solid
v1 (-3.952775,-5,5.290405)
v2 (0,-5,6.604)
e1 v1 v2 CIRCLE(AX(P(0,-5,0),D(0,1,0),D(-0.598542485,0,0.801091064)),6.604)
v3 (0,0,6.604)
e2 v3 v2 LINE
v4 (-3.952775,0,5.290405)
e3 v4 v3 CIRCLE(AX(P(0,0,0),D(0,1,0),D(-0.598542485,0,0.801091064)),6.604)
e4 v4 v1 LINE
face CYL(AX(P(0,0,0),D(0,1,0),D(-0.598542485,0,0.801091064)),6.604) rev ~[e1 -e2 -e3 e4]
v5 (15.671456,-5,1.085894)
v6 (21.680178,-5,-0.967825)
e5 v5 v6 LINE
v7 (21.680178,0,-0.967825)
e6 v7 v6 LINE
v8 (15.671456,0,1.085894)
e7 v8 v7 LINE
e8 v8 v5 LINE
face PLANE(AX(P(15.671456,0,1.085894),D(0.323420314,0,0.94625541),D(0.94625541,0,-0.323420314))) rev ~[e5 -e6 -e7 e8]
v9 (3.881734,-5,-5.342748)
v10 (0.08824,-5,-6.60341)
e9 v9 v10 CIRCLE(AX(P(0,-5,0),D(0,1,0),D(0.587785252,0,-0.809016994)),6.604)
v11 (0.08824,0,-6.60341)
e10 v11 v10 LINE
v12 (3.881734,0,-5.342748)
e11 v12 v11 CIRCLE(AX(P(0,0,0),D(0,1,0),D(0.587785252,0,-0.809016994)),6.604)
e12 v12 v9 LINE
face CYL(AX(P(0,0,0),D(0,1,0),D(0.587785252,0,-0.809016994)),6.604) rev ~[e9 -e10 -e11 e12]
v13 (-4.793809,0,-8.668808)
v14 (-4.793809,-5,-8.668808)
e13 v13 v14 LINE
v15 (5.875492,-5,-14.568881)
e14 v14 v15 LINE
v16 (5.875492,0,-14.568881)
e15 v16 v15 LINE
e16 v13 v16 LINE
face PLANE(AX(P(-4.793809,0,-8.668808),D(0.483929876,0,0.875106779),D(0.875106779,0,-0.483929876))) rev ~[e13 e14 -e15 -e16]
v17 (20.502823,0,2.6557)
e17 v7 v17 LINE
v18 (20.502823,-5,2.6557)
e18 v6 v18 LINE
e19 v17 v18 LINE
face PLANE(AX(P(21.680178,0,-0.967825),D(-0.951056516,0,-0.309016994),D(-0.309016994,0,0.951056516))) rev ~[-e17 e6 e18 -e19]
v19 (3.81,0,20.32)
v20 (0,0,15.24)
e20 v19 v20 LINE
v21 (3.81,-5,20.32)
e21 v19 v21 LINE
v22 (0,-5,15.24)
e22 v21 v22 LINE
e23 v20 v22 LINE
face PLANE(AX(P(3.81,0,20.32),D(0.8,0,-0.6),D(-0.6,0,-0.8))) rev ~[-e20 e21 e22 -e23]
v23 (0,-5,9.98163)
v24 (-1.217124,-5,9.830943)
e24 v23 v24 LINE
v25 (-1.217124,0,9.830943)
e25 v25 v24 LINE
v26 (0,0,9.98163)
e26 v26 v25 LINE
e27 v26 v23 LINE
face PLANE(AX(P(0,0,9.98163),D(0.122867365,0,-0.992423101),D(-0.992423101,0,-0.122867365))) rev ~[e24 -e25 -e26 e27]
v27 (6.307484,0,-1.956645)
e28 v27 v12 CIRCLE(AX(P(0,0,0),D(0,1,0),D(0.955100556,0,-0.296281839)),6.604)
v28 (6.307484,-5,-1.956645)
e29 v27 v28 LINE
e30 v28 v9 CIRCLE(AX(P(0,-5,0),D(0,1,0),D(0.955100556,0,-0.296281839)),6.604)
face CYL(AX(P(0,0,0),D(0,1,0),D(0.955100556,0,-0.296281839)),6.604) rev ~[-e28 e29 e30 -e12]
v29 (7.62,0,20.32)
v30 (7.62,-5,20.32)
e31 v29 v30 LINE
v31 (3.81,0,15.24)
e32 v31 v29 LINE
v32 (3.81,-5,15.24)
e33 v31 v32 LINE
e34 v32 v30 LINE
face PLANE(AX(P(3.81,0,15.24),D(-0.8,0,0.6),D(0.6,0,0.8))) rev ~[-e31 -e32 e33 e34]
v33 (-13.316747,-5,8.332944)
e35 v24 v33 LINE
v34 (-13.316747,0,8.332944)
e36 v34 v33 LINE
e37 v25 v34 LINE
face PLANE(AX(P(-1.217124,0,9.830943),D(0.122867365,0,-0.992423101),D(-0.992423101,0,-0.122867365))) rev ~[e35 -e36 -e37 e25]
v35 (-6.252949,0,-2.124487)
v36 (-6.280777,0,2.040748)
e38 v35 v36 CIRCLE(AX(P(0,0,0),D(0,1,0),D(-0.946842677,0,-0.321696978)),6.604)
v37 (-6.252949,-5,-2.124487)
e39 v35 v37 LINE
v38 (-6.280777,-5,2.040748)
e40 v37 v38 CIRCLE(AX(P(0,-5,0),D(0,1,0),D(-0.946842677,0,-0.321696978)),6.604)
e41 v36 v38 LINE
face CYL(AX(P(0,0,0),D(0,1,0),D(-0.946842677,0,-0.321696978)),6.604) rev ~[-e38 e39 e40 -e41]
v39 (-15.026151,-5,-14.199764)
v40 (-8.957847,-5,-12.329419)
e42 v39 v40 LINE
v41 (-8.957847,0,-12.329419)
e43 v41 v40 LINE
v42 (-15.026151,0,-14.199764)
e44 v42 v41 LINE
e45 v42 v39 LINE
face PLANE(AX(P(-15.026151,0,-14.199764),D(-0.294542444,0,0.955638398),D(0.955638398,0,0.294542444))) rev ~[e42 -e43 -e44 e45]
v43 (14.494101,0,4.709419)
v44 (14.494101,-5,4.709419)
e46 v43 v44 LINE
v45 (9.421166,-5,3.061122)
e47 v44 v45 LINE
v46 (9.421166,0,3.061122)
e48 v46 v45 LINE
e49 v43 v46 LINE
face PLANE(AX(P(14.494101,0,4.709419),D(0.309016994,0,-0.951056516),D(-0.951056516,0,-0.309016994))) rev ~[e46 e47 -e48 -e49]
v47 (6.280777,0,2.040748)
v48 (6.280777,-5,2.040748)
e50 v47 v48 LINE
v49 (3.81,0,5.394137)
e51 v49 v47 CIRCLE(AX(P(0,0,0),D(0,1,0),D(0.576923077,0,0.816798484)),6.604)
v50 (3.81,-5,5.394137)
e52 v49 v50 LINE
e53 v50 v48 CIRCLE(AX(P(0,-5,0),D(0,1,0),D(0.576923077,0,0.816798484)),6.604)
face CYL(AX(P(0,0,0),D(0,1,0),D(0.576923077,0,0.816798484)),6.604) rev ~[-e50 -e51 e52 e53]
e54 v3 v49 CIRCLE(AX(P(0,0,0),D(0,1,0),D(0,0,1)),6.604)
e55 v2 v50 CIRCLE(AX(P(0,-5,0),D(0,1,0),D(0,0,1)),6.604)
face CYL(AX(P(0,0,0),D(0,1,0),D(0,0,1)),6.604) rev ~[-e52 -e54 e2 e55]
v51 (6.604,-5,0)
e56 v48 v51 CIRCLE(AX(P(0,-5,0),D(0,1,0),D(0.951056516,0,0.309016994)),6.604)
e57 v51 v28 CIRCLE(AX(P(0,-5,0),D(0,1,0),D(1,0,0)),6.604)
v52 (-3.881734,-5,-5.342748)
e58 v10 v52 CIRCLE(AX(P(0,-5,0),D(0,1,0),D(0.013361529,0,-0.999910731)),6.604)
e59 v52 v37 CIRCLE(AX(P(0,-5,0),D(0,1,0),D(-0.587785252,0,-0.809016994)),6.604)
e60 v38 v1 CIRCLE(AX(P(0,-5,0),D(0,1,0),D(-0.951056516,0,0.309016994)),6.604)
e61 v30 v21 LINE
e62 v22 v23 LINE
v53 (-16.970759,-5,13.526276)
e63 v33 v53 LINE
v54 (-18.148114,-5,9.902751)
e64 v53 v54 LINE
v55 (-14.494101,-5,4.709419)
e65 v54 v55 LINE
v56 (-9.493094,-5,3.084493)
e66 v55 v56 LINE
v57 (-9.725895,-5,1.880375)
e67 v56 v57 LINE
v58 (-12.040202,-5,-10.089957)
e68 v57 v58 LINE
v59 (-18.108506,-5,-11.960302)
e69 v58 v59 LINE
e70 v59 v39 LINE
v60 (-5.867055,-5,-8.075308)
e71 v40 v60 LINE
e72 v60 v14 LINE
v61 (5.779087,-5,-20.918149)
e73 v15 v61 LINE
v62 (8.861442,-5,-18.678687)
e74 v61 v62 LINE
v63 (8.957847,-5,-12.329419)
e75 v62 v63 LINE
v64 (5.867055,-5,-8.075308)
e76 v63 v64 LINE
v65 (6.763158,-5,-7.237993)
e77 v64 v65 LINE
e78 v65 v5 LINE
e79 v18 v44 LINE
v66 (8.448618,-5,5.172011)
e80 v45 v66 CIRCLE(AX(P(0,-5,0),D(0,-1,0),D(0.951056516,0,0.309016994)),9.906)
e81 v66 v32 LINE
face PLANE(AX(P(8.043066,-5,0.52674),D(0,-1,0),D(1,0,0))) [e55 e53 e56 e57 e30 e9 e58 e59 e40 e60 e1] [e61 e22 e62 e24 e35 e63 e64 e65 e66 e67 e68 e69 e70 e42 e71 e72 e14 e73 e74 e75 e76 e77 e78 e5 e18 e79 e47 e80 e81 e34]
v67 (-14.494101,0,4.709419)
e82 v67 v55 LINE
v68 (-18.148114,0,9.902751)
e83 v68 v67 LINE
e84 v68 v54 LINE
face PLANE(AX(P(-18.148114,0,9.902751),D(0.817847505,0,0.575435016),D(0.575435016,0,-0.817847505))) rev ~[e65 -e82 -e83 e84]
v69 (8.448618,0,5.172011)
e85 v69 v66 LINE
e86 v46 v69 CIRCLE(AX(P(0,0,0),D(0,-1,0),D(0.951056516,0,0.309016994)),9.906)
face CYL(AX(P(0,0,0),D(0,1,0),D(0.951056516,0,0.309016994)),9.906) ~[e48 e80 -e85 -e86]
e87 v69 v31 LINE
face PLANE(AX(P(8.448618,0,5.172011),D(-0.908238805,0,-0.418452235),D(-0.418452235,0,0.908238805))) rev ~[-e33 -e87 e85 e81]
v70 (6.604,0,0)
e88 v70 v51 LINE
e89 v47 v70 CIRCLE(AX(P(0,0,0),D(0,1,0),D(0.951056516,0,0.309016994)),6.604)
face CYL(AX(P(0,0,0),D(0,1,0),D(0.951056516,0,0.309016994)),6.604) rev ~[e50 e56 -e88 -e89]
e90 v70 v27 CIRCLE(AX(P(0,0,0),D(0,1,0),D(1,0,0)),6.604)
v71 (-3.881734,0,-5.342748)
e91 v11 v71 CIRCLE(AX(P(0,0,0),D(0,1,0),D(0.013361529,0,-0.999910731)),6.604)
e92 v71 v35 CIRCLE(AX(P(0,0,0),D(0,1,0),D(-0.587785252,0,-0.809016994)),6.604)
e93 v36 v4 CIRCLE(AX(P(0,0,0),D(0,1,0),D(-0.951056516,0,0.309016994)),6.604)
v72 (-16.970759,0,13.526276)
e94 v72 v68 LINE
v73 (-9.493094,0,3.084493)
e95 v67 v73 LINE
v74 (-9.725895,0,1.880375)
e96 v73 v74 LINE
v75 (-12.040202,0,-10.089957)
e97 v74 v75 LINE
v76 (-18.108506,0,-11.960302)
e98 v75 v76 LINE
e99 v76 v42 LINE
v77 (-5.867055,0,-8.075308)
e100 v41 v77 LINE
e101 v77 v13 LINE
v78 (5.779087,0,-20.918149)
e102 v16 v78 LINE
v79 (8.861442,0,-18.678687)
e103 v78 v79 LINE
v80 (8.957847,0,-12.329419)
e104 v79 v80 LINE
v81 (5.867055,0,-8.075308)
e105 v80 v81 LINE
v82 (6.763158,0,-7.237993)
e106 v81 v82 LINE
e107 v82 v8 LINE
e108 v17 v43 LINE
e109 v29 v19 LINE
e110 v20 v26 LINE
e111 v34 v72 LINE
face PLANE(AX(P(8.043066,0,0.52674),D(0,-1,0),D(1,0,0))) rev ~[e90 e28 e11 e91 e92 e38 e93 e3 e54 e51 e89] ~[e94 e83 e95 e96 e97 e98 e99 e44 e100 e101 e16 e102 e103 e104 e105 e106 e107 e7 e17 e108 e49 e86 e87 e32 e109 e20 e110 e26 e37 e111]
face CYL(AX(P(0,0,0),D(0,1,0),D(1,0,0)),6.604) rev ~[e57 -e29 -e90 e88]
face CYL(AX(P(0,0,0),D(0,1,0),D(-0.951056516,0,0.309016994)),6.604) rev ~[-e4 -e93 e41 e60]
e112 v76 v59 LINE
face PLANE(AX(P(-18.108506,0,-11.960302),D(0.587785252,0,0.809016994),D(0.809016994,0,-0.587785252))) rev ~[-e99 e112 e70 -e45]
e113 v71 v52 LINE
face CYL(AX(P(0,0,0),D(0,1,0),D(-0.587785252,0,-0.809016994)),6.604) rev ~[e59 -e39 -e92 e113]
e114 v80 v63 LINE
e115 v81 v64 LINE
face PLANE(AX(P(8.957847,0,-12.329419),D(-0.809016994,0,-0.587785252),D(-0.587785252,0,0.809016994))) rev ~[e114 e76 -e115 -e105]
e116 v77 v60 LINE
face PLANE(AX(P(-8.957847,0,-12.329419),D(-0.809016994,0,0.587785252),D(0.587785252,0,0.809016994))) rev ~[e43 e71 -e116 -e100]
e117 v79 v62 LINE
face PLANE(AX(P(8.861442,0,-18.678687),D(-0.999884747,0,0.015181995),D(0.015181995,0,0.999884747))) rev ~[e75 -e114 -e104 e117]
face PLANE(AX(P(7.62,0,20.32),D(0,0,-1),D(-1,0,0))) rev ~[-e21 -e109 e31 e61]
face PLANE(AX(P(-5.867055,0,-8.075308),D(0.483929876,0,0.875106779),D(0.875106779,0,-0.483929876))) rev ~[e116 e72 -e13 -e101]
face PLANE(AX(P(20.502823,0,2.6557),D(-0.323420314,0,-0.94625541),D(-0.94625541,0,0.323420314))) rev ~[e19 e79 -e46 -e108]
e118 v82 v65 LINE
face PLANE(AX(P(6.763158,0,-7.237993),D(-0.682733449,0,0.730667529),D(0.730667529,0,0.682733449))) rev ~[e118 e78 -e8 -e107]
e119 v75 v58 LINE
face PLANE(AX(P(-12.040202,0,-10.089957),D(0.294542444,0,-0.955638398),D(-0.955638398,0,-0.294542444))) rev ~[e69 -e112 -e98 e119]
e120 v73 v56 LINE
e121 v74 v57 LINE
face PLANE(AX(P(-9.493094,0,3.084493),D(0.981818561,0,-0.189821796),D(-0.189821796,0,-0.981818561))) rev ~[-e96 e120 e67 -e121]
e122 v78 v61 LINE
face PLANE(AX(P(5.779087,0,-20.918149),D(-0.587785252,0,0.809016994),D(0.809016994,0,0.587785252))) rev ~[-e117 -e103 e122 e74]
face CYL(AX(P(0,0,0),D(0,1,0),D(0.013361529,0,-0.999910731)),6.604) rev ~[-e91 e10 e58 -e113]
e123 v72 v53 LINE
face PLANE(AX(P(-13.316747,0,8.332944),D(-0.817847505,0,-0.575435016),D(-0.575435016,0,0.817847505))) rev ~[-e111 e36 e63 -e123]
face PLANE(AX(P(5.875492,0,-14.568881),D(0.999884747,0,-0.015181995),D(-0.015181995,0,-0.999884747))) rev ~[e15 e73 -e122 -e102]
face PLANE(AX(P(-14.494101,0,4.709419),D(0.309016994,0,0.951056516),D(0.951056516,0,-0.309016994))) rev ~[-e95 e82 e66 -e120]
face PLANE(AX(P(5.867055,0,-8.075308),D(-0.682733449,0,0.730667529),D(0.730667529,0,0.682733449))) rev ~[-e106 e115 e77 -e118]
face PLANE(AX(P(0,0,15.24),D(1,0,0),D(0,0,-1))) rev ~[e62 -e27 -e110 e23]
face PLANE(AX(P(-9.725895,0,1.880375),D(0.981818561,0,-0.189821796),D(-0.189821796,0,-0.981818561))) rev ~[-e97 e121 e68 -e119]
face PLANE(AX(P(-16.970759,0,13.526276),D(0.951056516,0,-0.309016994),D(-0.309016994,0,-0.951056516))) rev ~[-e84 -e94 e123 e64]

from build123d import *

# Parameters (mm, degrees)
F1_DEPTH = 5


with BuildPart() as f1:
    # F0 (on Front) → F1 (new body)
    with BuildSketch(Plane.XZ):
        with BuildLine():
            ThreePointArc((6.2807772336, 2.0407482309), (6.5226938013, 1.0330932071), (6.604, 0))
            ThreePointArc((6.604, 0), (6.5294502373, -0.9894925964), (6.3074840707, -1.9566452661))
            Line((6.3074840707, -1.9566452661), (9.8738155336, -0.7978739305))
            ThreePointArc((9.8738155336, -0.7978739305), (9.897950613, -0.3992613959), (9.906, 0))
            ThreePointArc((9.906, 0), (9.7840407019, 1.5496398107), (9.4211658504, 3.0611223463))
            Line((9.4211658504, 3.0611223463), (6.2807772336, 2.0407482309))
        make_face()
        with BuildLine():
            ThreePointArc((3.81, 5.3941371877), (5.3166954651, 3.9173416154), (6.2807772336, 2.0407482309))
            Line((6.2807772336, 2.0407482309), (9.4211658504, 3.0611223463))
            Line((9.4211658504, 3.0611223463), (8.4486177468, 5.1720106505))
            ThreePointArc((8.4486177468, 5.1720106505), (6.4430274028, 7.5243759799), (3.81, 9.144))
            Line((3.81, 9.144), (3.81, 5.3941371877))
        make_face()
        with BuildLine():
            Line((9.8738155336, -0.7978739305), (6.3074840707, -1.9566452661))
            ThreePointArc((6.3074840707, -1.9566452661), (5.3685625225, -3.8459527353), (3.8817338061, -5.3427482309))
            Line((3.8817338061, -5.3427482309), (5.8226007092, -8.0141223463))
            ThreePointArc((5.8226007092, -8.0141223463), (6.3048332162, -7.6405440981), (6.763157516, -7.2379925679))
            ThreePointArc((6.763157516, -7.2379925679), (8.9199775829, -4.3084609689), (9.8738155336, -0.7978739305))
        make_face()
        with BuildLine():
            Line((14.4941013083, 4.7094189943), (9.4211658504, 3.0611223463))
            ThreePointArc((9.4211658504, 3.0611223463), (9.7840407019, 1.5496398107), (9.906, 0))
            ThreePointArc((9.906, 0), (9.897950613, -0.3992613959), (9.8738155336, -0.7978739305))
            Line((9.8738155336, -0.7978739305), (15.6714560569, 1.0858936672))
            Line((15.6714560569, 1.0858936672), (14.4941013083, 4.7094189943))
        make_face()
        with BuildLine():
            Line((8.4486177468, 5.1720106505), (9.4211658504, 3.0611223463))
            ThreePointArc((9.4211658504, 3.0611223463), (8.9970136051, 4.1451878352), (8.4486177468, 5.1720106505))
        make_face()
        with BuildLine():
            Line((15.6714560569, 1.0858936672), (9.8738155336, -0.7978739305))
            ThreePointArc((9.8738155336, -0.7978739305), (8.9199775829, -4.3084609689), (6.763157516, -7.2379925679))
            Line((6.763157516, -7.2379925679), (15.6714560569, 1.0858936672))
        make_face()
        with BuildLine():
            ThreePointArc((-3.9527745736, 5.2904053881), (-2.0826640172, 6.2670029992), (0, 6.604))
            Line((0, 6.604), (0, 9.906))
            ThreePointArc((0, 9.906), (-0.6097179629, 9.8872180114), (-1.2171238492, 9.8309432679))
            ThreePointArc((-1.2171238492, 9.8309432679), (-4.6839635346, 8.7286494721), (-7.5191060364, 6.4491767236))
            Line((-7.5191060364, 6.4491767236), (-3.9527745736, 5.2904053881))
        make_face()
        with BuildLine():
            Line((3.81, 15.24), (3.81, 9.144))
            ThreePointArc((3.81, 9.144), (6.4430274028, 7.5243759799), (8.4486177468, 5.1720106505))
            Line((8.4486177468, 5.1720106505), (3.81, 15.24))
        make_face()
        with BuildLine():
            ThreePointArc((0, 9.906), (1.9427264347, 9.7136321734), (3.81, 9.144))
            Line((3.81, 9.144), (3.81, 15.24))
            Line((3.81, 15.24), (0, 15.24))
            Line((0, 15.24), (0, 9.9816298047))
            Line((0, 9.9816298047), (0, 9.906))
        make_face()
        Polygon((20.5028231597, 2.6556999986), (14.4941013083, 4.7094189943), (15.6714560569, 1.0858936672), (21.6801779083, -0.9678253285), align=None)
        with BuildLine():
            Line((2.2923535984, -9.6371132078), (0.0882395392, -6.6034104661))
            ThreePointArc((0.0882395392, -6.6034104661), (-1.9987413555, -6.2942711249), (-3.8817338061, -5.3427482309))
            Line((-3.8817338061, -5.3427482309), (-5.8226007092, -8.0141223463))
            ThreePointArc((-5.8226007092, -8.0141223463), (-5.3182886736, -8.3573106669), (-4.793809454, -8.6688076988))
            ThreePointArc((-4.793809454, -8.6688076988), (-1.3411652542, -9.8147904593), (2.2923535984, -9.6371132078))
        make_face()
        with BuildLine():
            Line((5.8670547931, -8.0753081436), (5.8226007092, -8.0141223463))
            ThreePointArc((5.8226007092, -8.0141223463), (4.1378310366, -9.0003994529), (2.2923535984, -9.6371132078))
            Line((2.2923535984, -9.6371132078), (5.8754924964, -14.5688808055))
            Line((5.8754924964, -14.5688808055), (8.9578472449, -12.3294189943))
            Line((8.9578472449, -12.3294189943), (5.8670547931, -8.0753081436))
        make_face()
        with BuildLine():
            ThreePointArc((6.763157516, -7.2379925679), (6.3048332162, -7.6405440981), (5.8226007092, -8.0141223463))
            Line((5.8226007092, -8.0141223463), (5.8670547931, -8.0753081436))
            Line((5.8670547931, -8.0753081436), (6.763157516, -7.2379925679))
        make_face()
        with BuildLine():
            ThreePointArc((-1.2171238492, 9.8309432679), (-0.6097179629, 9.8872180114), (0, 9.906))
            Line((0, 9.906), (0, 9.9816298047))
            Line((0, 9.9816298047), (-1.2171238492, 9.8309432679))
        make_face()
        Polygon((3.81, 20.32), (3.81, 15.24), (7.62, 20.32), align=None)
        Polygon((0, 15.24), (3.81, 15.24), (3.81, 20.32), align=None)
        with BuildLine():
            Line((5.8754924964, -14.5688808055), (2.2923535984, -9.6371132078))
            ThreePointArc((2.2923535984, -9.6371132078), (-1.3411652542, -9.8147904593), (-4.793809454, -8.6688076988))
            Line((-4.793809454, -8.6688076988), (5.8754924964, -14.5688808055))
        make_face()
        with BuildLine():
            ThreePointArc((-6.2529490364, -2.1244868436), (-6.6038526149, -0.0441207543), (-6.2807772336, 2.0407482309))
            Line((-6.2807772336, 2.0407482309), (-9.4211658504, 3.0611223463))
            ThreePointArc((-9.4211658504, 3.0611223463), (-9.5917163846, 2.47544194), (-9.7258946926, 1.8803745449))
            ThreePointArc((-9.7258946926, 1.8803745449), (-9.7488632535, -1.7574132312), (-8.4570630955, -5.1581895853))
            Line((-8.4570630955, -5.1581895853), (-6.2529490364, -2.1244868436))
        make_face()
        with BuildLine():
            Line((-13.3167465598, 8.3329443214), (-7.5191060364, 6.4491767236))
            ThreePointArc((-7.5191060364, 6.4491767236), (-4.6839635346, 8.7286494721), (-1.2171238492, 9.8309432679))
            Line((-1.2171238492, 9.8309432679), (-13.3167465598, 8.3329443214))
        make_face()
        with BuildLine():
            ThreePointArc((-9.4211658504, 3.0611223463), (-8.6378776917, 4.8493200538), (-7.5191060364, 6.4491767236))
            Line((-7.5191060364, 6.4491767236), (-13.3167465598, 8.3329443214))
            Line((-13.3167465598, 8.3329443214), (-14.4941013083, 4.7094189943))
            Line((-14.4941013083, 4.7094189943), (-9.493094069, 3.0844932412))
            Line((-9.493094069, 3.0844932412), (-9.4211658504, 3.0611223463))
        make_face()
        with BuildLine():
            Line((-5.8670547931, -8.0753081436), (-5.8226007092, -8.0141223463))
            ThreePointArc((-5.8226007092, -8.0141223463), (-7.2812284388, -6.7165875578), (-8.4570630955, -5.1581895853))
            Line((-8.4570630955, -5.1581895853), (-12.0402019935, -10.089957183))
            Line((-12.0402019935, -10.089957183), (-8.9578472449, -12.3294189943))
            Line((-8.9578472449, -12.3294189943), (-5.8670547931, -8.0753081436))
        make_face()
        with BuildLine():
            ThreePointArc((-4.793809454, -8.6688076988), (-5.3182886736, -8.3573106669), (-5.8226007092, -8.0141223463))
            Line((-5.8226007092, -8.0141223463), (-5.8670547931, -8.0753081436))
            Line((-5.8670547931, -8.0753081436), (-4.793809454, -8.6688076988))
        make_face()
        Polygon((8.9578472449, -12.3294189943), (5.8754924964, -14.5688808055), (5.7790868294, -20.9181489482), (8.861441578, -18.6786871369), align=None)
        with BuildLine():
            ThreePointArc((-9.7258946926, 1.8803745449), (-9.5917163846, 2.47544194), (-9.4211658504, 3.0611223463))
            Line((-9.4211658504, 3.0611223463), (-9.493094069, 3.0844932412))
            Line((-9.493094069, 3.0844932412), (-9.7258946926, 1.8803745449))
        make_face()
        Polygon((-14.4941013083, 4.7094189943), (-13.3167465598, 8.3329443214), (-16.970758914, 13.5262759799), (-18.1481136625, 9.9027506528), align=None)
        with BuildLine():
            Line((-12.0402019935, -10.089957183), (-8.4570630955, -5.1581895853))
            ThreePointArc((-8.4570630955, -5.1581895853), (-9.7488632535, -1.7574132312), (-9.7258946926, 1.8803745449))
            Line((-9.7258946926, 1.8803745449), (-12.0402019935, -10.089957183))
        make_face()
        Polygon((-8.9578472449, -12.3294189943), (-12.0402019935, -10.089957183), (-18.1085058237, -11.9603017032), (-15.0261510752, -14.1997635145), align=None)
        with BuildLine():
            Line((-5.8226007092, -8.0141223463), (-3.8817338061, -5.3427482309))
            ThreePointArc((-3.8817338061, -5.3427482309), (-5.3166954651, -3.9173416154), (-6.2529490364, -2.1244868436))
            Line((-6.2529490364, -2.1244868436), (-8.4570630955, -5.1581895853))
            ThreePointArc((-8.4570630955, -5.1581895853), (-7.2812284388, -6.7165875578), (-5.8226007092, -8.0141223463))
        make_face()
        with BuildLine():
            Line((5.8226007092, -8.0141223463), (3.8817338061, -5.3427482309))
            ThreePointArc((3.8817338061, -5.3427482309), (2.0826640172, -6.2670029992), (0.0882395392, -6.6034104661))
            Line((0.0882395392, -6.6034104661), (2.2923535984, -9.6371132078))
            ThreePointArc((2.2923535984, -9.6371132078), (4.1378310366, -9.0003994529), (5.8226007092, -8.0141223463))
        make_face()
        with BuildLine():
            ThreePointArc((-6.2807772336, 2.0407482309), (-5.3685625225, 3.8459527353), (-3.9527745736, 5.2904053881))
            Line((-3.9527745736, 5.2904053881), (-7.5191060364, 6.4491767236))
            ThreePointArc((-7.5191060364, 6.4491767236), (-8.6378776917, 4.8493200538), (-9.4211658504, 3.0611223463))
            Line((-9.4211658504, 3.0611223463), (-6.2807772336, 2.0407482309))
        make_face()
        with BuildLine():
            ThreePointArc((0, 6.604), (1.9987413555, 6.2942711249), (3.81, 5.3941371877))
            Line((3.81, 5.3941371877), (3.81, 9.144))
            ThreePointArc((3.81, 9.144), (1.9427264347, 9.7136321734), (0, 9.906))
            Line((0, 9.906), (0, 6.604))
        make_face()
    extrude(amount=F1_DEPTH)


solid = f1.part
